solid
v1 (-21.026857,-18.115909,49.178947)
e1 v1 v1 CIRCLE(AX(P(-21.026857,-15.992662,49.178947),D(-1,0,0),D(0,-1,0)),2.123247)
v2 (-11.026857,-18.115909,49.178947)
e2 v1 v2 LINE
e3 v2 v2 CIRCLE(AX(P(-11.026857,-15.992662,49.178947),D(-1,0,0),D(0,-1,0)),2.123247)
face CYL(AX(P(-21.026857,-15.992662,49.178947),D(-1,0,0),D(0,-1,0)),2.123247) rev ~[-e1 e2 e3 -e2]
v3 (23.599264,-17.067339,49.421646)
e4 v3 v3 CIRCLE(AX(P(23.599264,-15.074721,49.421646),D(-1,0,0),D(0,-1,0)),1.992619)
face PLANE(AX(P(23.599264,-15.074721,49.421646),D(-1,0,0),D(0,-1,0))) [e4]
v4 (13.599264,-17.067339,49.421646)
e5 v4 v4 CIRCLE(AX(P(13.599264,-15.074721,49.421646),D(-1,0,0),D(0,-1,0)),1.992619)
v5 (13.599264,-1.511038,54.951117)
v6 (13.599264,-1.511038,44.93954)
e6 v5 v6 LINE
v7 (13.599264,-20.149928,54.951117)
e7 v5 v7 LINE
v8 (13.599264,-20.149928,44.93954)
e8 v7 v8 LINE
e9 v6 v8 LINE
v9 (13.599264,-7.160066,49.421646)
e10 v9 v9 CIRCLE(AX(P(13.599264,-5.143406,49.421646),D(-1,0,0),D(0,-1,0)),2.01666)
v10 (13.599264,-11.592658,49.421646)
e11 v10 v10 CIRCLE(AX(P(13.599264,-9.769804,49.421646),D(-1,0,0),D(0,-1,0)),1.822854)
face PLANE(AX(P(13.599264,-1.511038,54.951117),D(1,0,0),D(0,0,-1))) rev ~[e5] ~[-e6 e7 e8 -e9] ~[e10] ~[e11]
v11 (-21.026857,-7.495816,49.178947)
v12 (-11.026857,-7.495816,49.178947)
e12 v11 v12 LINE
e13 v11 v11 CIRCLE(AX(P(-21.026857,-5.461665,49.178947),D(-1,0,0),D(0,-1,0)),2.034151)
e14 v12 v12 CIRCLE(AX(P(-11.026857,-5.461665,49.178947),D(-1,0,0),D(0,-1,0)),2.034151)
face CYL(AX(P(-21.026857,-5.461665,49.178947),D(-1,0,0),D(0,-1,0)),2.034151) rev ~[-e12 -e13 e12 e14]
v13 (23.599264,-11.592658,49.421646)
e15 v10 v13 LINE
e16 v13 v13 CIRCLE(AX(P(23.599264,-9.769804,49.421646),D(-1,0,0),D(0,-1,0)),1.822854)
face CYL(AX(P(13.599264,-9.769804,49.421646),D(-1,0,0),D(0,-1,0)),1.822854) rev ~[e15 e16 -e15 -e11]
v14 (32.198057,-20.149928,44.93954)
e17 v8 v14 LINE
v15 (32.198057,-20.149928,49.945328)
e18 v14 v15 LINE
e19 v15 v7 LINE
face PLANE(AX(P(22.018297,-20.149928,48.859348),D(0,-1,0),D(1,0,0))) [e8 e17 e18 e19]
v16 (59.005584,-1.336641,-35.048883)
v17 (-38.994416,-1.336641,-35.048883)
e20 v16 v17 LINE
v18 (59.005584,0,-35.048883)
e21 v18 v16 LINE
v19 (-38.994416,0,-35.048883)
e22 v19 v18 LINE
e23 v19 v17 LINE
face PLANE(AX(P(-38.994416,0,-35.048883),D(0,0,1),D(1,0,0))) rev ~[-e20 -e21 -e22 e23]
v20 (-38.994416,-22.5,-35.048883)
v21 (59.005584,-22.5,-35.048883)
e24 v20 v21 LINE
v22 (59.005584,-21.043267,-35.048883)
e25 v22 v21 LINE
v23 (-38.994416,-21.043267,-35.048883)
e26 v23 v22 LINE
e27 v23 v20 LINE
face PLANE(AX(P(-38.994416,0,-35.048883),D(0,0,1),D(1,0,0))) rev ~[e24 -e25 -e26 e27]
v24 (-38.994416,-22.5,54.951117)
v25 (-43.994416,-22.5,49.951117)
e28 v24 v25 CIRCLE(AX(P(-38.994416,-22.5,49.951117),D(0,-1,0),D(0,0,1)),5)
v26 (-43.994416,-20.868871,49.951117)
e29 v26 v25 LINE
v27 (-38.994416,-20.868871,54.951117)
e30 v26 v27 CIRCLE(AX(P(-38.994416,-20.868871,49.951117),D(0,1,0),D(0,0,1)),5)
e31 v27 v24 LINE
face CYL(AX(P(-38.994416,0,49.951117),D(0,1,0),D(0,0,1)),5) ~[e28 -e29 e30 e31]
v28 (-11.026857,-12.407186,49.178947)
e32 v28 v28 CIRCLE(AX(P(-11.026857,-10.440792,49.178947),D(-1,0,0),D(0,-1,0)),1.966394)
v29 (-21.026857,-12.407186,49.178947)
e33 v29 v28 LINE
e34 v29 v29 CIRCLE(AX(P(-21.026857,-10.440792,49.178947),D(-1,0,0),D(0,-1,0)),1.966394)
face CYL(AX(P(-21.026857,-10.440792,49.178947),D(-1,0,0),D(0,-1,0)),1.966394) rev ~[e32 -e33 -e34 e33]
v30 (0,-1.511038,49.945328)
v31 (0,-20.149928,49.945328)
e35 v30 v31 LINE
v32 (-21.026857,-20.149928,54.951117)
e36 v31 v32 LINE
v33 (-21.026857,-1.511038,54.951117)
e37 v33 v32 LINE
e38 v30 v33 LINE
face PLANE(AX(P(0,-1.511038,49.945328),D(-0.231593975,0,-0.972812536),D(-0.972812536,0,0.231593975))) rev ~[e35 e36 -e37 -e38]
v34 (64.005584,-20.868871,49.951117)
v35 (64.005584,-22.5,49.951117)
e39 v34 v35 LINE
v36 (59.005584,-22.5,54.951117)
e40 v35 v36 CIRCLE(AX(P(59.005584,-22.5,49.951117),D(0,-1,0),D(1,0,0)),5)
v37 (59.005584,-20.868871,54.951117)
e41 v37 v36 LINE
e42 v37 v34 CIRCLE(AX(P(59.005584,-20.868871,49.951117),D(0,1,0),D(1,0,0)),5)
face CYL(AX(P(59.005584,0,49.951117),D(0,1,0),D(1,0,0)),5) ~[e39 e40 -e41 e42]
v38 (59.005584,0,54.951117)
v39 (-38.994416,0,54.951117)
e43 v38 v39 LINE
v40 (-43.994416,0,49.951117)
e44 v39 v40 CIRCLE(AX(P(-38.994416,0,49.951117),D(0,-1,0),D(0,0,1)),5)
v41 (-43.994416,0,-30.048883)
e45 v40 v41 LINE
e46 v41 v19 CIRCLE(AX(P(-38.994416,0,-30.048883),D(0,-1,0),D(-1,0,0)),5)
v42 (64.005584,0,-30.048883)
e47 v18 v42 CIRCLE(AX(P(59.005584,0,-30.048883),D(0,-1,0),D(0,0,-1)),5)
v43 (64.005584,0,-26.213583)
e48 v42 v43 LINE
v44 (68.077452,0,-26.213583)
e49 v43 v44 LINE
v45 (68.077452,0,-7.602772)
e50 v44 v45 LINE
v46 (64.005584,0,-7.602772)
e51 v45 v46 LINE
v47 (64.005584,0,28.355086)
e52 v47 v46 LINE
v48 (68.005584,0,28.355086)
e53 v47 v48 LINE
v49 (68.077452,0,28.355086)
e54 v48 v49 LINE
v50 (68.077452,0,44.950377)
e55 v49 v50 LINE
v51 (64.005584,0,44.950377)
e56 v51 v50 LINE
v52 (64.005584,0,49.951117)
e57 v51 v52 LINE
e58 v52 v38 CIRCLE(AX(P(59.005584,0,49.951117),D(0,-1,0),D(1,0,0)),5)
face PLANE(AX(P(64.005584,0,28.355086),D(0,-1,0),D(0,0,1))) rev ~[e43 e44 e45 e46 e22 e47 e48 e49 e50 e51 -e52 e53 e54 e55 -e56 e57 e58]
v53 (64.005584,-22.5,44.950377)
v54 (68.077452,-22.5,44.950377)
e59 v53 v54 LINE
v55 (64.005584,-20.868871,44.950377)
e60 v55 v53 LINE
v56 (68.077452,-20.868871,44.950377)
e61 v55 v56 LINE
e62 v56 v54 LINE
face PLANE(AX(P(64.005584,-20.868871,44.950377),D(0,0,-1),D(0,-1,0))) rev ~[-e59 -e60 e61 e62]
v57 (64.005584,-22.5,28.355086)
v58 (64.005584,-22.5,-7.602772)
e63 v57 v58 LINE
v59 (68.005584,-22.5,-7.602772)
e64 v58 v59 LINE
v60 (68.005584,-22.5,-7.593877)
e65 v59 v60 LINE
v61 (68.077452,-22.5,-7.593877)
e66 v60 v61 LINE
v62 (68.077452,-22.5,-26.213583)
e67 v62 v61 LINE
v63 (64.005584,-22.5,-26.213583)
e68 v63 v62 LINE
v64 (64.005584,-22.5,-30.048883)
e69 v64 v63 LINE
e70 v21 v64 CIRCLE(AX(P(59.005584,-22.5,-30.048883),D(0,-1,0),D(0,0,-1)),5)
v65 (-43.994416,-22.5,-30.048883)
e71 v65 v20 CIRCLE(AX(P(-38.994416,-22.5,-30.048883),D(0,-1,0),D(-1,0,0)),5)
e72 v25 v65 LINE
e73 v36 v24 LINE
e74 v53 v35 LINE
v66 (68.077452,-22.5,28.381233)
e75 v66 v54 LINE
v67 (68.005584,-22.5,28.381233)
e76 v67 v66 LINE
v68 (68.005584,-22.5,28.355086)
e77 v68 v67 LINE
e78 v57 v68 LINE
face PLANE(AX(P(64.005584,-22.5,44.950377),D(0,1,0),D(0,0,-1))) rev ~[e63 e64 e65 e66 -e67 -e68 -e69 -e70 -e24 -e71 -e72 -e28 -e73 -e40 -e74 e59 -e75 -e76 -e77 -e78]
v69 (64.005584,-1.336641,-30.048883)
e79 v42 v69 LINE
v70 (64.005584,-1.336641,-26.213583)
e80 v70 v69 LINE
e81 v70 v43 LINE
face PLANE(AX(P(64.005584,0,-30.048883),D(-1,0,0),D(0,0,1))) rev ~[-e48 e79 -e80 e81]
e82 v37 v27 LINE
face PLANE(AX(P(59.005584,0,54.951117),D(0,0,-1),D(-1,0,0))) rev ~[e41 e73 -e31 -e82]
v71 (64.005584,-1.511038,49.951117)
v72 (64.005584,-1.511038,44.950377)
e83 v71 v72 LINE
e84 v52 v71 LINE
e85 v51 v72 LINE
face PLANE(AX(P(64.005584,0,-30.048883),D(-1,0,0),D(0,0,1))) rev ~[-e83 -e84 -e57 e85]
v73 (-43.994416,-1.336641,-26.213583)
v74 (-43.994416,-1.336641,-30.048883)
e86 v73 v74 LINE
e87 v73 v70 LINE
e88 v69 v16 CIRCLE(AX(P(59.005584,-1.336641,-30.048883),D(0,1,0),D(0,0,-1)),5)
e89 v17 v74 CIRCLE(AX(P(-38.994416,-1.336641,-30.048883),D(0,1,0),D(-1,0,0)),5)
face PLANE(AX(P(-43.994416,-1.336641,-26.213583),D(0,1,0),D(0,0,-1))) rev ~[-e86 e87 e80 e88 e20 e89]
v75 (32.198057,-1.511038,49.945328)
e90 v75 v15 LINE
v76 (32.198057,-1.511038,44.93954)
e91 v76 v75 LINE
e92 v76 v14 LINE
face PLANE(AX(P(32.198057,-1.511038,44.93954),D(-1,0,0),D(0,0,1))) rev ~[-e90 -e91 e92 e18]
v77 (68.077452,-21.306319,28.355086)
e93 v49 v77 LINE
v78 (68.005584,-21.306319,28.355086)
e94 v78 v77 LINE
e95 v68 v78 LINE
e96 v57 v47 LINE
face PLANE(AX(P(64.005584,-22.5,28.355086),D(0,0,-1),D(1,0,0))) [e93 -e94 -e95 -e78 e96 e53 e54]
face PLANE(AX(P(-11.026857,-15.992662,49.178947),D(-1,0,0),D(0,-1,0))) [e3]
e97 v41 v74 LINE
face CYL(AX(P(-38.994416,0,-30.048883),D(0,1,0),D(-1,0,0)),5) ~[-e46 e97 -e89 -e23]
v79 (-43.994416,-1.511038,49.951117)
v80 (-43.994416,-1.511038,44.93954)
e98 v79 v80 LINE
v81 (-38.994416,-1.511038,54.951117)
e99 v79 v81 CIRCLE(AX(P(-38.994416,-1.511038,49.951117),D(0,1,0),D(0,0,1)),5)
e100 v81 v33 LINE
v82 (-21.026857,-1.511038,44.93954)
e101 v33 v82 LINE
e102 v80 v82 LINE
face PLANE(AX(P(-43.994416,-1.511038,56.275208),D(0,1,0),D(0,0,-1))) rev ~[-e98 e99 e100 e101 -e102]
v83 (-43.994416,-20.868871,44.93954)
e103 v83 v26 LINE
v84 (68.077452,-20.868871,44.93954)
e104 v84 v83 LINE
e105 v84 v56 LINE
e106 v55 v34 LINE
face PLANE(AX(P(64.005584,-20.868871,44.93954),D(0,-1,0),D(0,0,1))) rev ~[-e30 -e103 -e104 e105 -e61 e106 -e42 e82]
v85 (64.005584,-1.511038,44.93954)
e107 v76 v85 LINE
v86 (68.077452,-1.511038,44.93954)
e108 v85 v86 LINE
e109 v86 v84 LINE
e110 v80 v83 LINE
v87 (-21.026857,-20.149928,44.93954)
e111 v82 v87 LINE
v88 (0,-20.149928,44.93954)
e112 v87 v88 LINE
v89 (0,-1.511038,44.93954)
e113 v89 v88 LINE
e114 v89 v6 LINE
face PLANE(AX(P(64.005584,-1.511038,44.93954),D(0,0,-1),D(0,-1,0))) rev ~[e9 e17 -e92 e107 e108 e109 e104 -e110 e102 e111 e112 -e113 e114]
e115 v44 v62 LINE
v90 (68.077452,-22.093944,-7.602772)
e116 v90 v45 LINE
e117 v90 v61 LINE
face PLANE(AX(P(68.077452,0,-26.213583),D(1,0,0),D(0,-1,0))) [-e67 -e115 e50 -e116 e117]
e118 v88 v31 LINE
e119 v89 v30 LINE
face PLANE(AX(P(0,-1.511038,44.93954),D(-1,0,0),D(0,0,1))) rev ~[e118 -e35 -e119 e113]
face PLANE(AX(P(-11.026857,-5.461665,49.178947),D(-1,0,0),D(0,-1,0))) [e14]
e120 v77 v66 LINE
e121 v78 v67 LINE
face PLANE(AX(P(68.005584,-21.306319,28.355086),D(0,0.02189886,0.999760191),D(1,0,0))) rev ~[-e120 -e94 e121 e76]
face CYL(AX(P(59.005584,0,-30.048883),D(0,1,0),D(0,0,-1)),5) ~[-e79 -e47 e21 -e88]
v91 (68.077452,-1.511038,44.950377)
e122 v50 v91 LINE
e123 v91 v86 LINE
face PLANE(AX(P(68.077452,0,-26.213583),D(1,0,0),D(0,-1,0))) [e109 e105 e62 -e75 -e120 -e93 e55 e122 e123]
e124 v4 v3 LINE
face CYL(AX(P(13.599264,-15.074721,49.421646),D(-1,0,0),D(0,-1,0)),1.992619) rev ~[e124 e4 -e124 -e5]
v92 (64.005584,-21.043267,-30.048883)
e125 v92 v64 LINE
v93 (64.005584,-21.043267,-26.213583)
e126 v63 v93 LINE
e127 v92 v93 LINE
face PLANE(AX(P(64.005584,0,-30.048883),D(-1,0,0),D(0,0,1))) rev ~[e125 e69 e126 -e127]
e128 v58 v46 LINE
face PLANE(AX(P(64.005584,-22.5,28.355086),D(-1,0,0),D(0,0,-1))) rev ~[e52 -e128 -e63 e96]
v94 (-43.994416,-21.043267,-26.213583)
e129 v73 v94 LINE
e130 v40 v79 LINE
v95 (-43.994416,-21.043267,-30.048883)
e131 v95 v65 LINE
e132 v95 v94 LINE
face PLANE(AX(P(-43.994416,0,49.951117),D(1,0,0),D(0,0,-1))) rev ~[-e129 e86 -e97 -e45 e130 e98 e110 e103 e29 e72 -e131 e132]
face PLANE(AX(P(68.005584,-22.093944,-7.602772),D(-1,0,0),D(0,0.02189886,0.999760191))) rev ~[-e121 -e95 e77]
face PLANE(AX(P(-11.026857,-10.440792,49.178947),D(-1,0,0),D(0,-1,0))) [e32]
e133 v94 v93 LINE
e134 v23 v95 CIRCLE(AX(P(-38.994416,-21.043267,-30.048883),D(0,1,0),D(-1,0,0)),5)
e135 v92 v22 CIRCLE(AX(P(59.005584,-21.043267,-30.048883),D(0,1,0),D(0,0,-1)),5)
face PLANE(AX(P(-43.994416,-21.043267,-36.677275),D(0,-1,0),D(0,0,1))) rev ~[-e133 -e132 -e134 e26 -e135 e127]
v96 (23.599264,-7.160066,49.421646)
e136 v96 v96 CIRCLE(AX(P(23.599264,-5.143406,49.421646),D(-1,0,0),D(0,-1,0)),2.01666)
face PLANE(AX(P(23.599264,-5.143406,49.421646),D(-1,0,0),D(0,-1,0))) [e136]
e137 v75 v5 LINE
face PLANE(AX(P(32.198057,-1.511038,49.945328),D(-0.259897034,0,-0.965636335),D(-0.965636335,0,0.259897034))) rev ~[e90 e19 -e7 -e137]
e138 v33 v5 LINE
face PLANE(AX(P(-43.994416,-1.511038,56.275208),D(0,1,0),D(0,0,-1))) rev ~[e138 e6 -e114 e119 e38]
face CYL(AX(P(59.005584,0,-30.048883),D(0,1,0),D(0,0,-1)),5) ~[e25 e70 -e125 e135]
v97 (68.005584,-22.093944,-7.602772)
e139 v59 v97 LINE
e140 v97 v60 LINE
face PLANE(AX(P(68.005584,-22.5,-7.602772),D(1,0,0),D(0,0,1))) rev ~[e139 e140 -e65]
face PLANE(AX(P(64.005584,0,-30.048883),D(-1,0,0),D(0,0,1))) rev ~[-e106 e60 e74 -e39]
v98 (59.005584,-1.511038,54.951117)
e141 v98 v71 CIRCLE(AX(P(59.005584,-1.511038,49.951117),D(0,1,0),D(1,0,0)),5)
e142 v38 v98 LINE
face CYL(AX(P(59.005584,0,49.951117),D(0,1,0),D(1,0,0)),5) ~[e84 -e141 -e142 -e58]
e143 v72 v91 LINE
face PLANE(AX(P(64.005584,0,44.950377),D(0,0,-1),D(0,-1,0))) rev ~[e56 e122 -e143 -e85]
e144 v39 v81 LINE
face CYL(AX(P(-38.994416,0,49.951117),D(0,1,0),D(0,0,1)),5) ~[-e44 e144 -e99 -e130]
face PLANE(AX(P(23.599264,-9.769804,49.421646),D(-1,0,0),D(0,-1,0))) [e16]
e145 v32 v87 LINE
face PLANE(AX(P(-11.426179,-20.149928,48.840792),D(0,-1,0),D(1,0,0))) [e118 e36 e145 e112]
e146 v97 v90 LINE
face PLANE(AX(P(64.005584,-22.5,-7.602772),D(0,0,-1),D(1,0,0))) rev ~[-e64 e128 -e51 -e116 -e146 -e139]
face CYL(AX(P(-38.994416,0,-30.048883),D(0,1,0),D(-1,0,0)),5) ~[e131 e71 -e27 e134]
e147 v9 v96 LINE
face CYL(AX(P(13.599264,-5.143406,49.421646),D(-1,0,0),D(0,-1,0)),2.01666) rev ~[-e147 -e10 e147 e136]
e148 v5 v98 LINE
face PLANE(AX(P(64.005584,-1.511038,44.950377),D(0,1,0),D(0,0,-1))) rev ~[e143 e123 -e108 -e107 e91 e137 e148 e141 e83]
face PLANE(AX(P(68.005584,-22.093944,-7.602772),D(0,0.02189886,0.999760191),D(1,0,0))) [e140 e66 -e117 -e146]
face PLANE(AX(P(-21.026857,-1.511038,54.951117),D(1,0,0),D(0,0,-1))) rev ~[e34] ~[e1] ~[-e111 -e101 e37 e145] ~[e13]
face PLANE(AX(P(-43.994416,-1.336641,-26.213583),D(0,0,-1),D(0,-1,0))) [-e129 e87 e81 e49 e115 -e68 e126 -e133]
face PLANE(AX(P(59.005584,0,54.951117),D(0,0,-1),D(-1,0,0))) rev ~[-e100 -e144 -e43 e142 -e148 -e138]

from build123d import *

# Parameters (mm, degrees)
F1_DEPTH  = 22.5
F2_W      = 19.3578329636
F2_H      = 6.3240909576
F2_H_2    = 5.0115762651
F2_W_2    = 19.7066257242
F2_H_3    = 3.8353008032
F2_H_4    = 6.6283914447
F3_DEPTH  = 155.21203
F5_DEPTH  = 18.63889
F6_R      = 2.0341510362
F6_R_2    = 1.9663944792
F6_R_3    = 2.1232474026
F7_DEPTH  = 10
F8_R      = 2.0166596657
F8_R_2    = 1.8228540719
F8_R_3    = 1.9926186892
F9_DEPTH  = 10
F11_DEPTH = 5.64108
F13_DEPTH = 40.33136
F12_W     = 4
F12_H     = 18.4578578919
F12_H_2   = 17.5
F14_DEPTH = 25
F16_W     = 1.5692119678
F16_H     = 22.5
F17_DEPTH = 78.97005
F18_DEPTH = 25
F19_DEPTH = 25


with BuildPart() as f1:
    # F0 (on Front) → F1 (new body)
    with BuildSketch(Plane.XZ):
        with BuildLine():
            ThreePointArc((-43.9944155514, -30.0488834083), (-42.5299494574, -33.5844173142), (-38.9944155514, -35.0488834083))
            Line((-38.9944155514, -35.0488834083), (59.0055844486, -35.0488834083))
            ThreePointArc((59.0055844486, -35.0488834083), (62.5411183545, -33.5844173142), (64.0055844486, -30.0488834083))
            Line((64.0055844486, -30.0488834083), (64.0055844486, 49.9511165917))
            ThreePointArc((64.0055844486, 49.9511165917), (62.5411183545, 53.4866504976), (59.0055844486, 54.9511165917))
            Line((59.0055844486, 54.9511165917), (-38.9944155514, 54.9511165917))
            ThreePointArc((-38.9944155514, 54.9511165917), (-42.5299494574, 53.4866504976), (-43.9944155514, 49.9511165917))
            Line((-43.9944155514, 49.9511165917), (-43.9944155514, -30.0488834083))
        make_face()
    extrude(amount=F1_DEPTH)

    # F2 (on face) → F3 (cut)
    with BuildSketch(Plane(origin=(-43.9944155514, 0, 0), x_dir=(0, -1, 0), z_dir=(-1, 0, 0))):
        with Locations((11.1899548792, 53.1131620705)):
            Rectangle(F2_W, F2_H)
        with Locations((11.1899548792, 47.4453284591)):
            Rectangle(F2_W, F2_H_2)
        with Locations((11.1899542389, -28.1312330067)):
            Rectangle(F2_W_2, F2_H_3)
        with Locations((11.1899542389, -33.3630791306)):
            Rectangle(F2_W_2, F2_H_4)
    extrude(amount=-F3_DEPTH, mode=Mode.SUBTRACT)

    # F4 (on face) → F5 (join)
    with BuildSketch(Plane.XZ.offset(1.5110383974)):
        Polygon((0, 49.9453284591), (-21.0268571973, 54.9511165917), (-21.0268571973, 44.9395403266), (0, 44.9395403266), align=None)
        Polygon((32.1980565786, 49.9453284591), (13.5992644355, 54.9511165917), (13.5992644355, 44.9395403266), (32.1980565786, 44.9395403266), align=None)
    extrude(amount=F5_DEPTH)

    # F6 (on face) → F7 (cut)
    with BuildSketch(Plane(origin=(-21.0268571973, 0, 0), x_dir=(0, -1, 0), z_dir=(-1, 0, 0))):
        with Locations((5.4616648704, 49.1789467633)):
            Circle(F6_R)
        with Locations((10.4407919571, 49.1789467633)):
            Circle(F6_R_2)
        with Locations((15.9926619381, 49.1789467633)):
            Circle(F6_R_3)
    extrude(amount=-F7_DEPTH, mode=Mode.SUBTRACT)

    # F8 (on face) → F9 (cut)
    with BuildSketch(Plane(origin=(13.5992644355, 0, 0), x_dir=(0, -1, 0), z_dir=(-1, 0, 0))):
        with Locations((5.1434063353, 49.4216457009)):
            Circle(F8_R)
        with Locations((9.7698038444, 49.4216457009)):
            Circle(F8_R_2)
        with Locations((15.0747206062, 49.4216457009)):
            Circle(F8_R_3)
    extrude(amount=-F9_DEPTH, mode=Mode.SUBTRACT)

    # F10 (on face) → F11 (join)
    with BuildSketch(Plane.YZ.offset(64.0055844486)):
        Polygon((-20.868871361, 44.9503771961), (-22.5, 44.9503771961), (-22.5, 28.3550862223), (0, 28.3550862223), (0, 44.9503771961), (-1.5110383974, 44.9503771961), (-1.5110383974, 44.9395403266), (-20.868871361, 44.9395403266), align=None)
        Polygon((0, -8.5606295615), (-22.5, -8.5606295615), (-22.5, -26.2135826051), (-21.043267101, -26.2135826051), (-1.3366413768, -26.2135826051), (0, -26.2135826051), align=None)
    extrude(amount=F11_DEPTH)

    # F13 (add): a face of the model
    f13_faces = [f1.faces().sort_by_distance(p)[0] for p in [
        (66.8261244486, -11.25, 28.3550862223),
    ]]
    extrude(f13_faces, amount=F13_DEPTH)

    # F12 (on face) → F14 (cut)
    with BuildSketch(Plane.XZ.offset(22.5)):
        with Locations((66.0055844486, 19.1261572763)):
            Rectangle(F12_W, F12_H)
        with Locations((66.0055844486, 1.1472283304)):
            Rectangle(F12_W, F12_H_2)
    extrude(amount=-F14_DEPTH, mode=Mode.SUBTRACT)

    # F16 (on face) → F17 (cut)
    with BuildSketch(Plane(origin=(0, 0, -26.2135826051), x_dir=(1, 0, 0), z_dir=(0, 0, -1))):
        with Locations((68.8620584647, 11.25)):
            Rectangle(F16_W, F16_H)
    extrude(amount=-F17_DEPTH, mode=Mode.SUBTRACT)

    # F15 (on face) → F18 (cut)
    with BuildSketch(Plane(origin=(68.0055844486, 0, 0), x_dir=(0, -1, 0), z_dir=(-1, 0, 0))):
        Polygon((0, -7.6027716696), (22.0939440089, -7.6027716696), (21.3063190472, 28.3550862223), (0, 28.3550862223), align=None)
    extrude(amount=-F18_DEPTH, mode=Mode.SUBTRACT)

    # F19 (cut): a face of the model
    f19_faces = [f1.faces().sort_by_distance(p)[0] for p in [
        (68.0415184647, -21.7001315281, 10.3761572763),
    ]]
    extrude(f19_faces, amount=-F19_DEPTH, mode=Mode.SUBTRACT)


solid = f1.part
